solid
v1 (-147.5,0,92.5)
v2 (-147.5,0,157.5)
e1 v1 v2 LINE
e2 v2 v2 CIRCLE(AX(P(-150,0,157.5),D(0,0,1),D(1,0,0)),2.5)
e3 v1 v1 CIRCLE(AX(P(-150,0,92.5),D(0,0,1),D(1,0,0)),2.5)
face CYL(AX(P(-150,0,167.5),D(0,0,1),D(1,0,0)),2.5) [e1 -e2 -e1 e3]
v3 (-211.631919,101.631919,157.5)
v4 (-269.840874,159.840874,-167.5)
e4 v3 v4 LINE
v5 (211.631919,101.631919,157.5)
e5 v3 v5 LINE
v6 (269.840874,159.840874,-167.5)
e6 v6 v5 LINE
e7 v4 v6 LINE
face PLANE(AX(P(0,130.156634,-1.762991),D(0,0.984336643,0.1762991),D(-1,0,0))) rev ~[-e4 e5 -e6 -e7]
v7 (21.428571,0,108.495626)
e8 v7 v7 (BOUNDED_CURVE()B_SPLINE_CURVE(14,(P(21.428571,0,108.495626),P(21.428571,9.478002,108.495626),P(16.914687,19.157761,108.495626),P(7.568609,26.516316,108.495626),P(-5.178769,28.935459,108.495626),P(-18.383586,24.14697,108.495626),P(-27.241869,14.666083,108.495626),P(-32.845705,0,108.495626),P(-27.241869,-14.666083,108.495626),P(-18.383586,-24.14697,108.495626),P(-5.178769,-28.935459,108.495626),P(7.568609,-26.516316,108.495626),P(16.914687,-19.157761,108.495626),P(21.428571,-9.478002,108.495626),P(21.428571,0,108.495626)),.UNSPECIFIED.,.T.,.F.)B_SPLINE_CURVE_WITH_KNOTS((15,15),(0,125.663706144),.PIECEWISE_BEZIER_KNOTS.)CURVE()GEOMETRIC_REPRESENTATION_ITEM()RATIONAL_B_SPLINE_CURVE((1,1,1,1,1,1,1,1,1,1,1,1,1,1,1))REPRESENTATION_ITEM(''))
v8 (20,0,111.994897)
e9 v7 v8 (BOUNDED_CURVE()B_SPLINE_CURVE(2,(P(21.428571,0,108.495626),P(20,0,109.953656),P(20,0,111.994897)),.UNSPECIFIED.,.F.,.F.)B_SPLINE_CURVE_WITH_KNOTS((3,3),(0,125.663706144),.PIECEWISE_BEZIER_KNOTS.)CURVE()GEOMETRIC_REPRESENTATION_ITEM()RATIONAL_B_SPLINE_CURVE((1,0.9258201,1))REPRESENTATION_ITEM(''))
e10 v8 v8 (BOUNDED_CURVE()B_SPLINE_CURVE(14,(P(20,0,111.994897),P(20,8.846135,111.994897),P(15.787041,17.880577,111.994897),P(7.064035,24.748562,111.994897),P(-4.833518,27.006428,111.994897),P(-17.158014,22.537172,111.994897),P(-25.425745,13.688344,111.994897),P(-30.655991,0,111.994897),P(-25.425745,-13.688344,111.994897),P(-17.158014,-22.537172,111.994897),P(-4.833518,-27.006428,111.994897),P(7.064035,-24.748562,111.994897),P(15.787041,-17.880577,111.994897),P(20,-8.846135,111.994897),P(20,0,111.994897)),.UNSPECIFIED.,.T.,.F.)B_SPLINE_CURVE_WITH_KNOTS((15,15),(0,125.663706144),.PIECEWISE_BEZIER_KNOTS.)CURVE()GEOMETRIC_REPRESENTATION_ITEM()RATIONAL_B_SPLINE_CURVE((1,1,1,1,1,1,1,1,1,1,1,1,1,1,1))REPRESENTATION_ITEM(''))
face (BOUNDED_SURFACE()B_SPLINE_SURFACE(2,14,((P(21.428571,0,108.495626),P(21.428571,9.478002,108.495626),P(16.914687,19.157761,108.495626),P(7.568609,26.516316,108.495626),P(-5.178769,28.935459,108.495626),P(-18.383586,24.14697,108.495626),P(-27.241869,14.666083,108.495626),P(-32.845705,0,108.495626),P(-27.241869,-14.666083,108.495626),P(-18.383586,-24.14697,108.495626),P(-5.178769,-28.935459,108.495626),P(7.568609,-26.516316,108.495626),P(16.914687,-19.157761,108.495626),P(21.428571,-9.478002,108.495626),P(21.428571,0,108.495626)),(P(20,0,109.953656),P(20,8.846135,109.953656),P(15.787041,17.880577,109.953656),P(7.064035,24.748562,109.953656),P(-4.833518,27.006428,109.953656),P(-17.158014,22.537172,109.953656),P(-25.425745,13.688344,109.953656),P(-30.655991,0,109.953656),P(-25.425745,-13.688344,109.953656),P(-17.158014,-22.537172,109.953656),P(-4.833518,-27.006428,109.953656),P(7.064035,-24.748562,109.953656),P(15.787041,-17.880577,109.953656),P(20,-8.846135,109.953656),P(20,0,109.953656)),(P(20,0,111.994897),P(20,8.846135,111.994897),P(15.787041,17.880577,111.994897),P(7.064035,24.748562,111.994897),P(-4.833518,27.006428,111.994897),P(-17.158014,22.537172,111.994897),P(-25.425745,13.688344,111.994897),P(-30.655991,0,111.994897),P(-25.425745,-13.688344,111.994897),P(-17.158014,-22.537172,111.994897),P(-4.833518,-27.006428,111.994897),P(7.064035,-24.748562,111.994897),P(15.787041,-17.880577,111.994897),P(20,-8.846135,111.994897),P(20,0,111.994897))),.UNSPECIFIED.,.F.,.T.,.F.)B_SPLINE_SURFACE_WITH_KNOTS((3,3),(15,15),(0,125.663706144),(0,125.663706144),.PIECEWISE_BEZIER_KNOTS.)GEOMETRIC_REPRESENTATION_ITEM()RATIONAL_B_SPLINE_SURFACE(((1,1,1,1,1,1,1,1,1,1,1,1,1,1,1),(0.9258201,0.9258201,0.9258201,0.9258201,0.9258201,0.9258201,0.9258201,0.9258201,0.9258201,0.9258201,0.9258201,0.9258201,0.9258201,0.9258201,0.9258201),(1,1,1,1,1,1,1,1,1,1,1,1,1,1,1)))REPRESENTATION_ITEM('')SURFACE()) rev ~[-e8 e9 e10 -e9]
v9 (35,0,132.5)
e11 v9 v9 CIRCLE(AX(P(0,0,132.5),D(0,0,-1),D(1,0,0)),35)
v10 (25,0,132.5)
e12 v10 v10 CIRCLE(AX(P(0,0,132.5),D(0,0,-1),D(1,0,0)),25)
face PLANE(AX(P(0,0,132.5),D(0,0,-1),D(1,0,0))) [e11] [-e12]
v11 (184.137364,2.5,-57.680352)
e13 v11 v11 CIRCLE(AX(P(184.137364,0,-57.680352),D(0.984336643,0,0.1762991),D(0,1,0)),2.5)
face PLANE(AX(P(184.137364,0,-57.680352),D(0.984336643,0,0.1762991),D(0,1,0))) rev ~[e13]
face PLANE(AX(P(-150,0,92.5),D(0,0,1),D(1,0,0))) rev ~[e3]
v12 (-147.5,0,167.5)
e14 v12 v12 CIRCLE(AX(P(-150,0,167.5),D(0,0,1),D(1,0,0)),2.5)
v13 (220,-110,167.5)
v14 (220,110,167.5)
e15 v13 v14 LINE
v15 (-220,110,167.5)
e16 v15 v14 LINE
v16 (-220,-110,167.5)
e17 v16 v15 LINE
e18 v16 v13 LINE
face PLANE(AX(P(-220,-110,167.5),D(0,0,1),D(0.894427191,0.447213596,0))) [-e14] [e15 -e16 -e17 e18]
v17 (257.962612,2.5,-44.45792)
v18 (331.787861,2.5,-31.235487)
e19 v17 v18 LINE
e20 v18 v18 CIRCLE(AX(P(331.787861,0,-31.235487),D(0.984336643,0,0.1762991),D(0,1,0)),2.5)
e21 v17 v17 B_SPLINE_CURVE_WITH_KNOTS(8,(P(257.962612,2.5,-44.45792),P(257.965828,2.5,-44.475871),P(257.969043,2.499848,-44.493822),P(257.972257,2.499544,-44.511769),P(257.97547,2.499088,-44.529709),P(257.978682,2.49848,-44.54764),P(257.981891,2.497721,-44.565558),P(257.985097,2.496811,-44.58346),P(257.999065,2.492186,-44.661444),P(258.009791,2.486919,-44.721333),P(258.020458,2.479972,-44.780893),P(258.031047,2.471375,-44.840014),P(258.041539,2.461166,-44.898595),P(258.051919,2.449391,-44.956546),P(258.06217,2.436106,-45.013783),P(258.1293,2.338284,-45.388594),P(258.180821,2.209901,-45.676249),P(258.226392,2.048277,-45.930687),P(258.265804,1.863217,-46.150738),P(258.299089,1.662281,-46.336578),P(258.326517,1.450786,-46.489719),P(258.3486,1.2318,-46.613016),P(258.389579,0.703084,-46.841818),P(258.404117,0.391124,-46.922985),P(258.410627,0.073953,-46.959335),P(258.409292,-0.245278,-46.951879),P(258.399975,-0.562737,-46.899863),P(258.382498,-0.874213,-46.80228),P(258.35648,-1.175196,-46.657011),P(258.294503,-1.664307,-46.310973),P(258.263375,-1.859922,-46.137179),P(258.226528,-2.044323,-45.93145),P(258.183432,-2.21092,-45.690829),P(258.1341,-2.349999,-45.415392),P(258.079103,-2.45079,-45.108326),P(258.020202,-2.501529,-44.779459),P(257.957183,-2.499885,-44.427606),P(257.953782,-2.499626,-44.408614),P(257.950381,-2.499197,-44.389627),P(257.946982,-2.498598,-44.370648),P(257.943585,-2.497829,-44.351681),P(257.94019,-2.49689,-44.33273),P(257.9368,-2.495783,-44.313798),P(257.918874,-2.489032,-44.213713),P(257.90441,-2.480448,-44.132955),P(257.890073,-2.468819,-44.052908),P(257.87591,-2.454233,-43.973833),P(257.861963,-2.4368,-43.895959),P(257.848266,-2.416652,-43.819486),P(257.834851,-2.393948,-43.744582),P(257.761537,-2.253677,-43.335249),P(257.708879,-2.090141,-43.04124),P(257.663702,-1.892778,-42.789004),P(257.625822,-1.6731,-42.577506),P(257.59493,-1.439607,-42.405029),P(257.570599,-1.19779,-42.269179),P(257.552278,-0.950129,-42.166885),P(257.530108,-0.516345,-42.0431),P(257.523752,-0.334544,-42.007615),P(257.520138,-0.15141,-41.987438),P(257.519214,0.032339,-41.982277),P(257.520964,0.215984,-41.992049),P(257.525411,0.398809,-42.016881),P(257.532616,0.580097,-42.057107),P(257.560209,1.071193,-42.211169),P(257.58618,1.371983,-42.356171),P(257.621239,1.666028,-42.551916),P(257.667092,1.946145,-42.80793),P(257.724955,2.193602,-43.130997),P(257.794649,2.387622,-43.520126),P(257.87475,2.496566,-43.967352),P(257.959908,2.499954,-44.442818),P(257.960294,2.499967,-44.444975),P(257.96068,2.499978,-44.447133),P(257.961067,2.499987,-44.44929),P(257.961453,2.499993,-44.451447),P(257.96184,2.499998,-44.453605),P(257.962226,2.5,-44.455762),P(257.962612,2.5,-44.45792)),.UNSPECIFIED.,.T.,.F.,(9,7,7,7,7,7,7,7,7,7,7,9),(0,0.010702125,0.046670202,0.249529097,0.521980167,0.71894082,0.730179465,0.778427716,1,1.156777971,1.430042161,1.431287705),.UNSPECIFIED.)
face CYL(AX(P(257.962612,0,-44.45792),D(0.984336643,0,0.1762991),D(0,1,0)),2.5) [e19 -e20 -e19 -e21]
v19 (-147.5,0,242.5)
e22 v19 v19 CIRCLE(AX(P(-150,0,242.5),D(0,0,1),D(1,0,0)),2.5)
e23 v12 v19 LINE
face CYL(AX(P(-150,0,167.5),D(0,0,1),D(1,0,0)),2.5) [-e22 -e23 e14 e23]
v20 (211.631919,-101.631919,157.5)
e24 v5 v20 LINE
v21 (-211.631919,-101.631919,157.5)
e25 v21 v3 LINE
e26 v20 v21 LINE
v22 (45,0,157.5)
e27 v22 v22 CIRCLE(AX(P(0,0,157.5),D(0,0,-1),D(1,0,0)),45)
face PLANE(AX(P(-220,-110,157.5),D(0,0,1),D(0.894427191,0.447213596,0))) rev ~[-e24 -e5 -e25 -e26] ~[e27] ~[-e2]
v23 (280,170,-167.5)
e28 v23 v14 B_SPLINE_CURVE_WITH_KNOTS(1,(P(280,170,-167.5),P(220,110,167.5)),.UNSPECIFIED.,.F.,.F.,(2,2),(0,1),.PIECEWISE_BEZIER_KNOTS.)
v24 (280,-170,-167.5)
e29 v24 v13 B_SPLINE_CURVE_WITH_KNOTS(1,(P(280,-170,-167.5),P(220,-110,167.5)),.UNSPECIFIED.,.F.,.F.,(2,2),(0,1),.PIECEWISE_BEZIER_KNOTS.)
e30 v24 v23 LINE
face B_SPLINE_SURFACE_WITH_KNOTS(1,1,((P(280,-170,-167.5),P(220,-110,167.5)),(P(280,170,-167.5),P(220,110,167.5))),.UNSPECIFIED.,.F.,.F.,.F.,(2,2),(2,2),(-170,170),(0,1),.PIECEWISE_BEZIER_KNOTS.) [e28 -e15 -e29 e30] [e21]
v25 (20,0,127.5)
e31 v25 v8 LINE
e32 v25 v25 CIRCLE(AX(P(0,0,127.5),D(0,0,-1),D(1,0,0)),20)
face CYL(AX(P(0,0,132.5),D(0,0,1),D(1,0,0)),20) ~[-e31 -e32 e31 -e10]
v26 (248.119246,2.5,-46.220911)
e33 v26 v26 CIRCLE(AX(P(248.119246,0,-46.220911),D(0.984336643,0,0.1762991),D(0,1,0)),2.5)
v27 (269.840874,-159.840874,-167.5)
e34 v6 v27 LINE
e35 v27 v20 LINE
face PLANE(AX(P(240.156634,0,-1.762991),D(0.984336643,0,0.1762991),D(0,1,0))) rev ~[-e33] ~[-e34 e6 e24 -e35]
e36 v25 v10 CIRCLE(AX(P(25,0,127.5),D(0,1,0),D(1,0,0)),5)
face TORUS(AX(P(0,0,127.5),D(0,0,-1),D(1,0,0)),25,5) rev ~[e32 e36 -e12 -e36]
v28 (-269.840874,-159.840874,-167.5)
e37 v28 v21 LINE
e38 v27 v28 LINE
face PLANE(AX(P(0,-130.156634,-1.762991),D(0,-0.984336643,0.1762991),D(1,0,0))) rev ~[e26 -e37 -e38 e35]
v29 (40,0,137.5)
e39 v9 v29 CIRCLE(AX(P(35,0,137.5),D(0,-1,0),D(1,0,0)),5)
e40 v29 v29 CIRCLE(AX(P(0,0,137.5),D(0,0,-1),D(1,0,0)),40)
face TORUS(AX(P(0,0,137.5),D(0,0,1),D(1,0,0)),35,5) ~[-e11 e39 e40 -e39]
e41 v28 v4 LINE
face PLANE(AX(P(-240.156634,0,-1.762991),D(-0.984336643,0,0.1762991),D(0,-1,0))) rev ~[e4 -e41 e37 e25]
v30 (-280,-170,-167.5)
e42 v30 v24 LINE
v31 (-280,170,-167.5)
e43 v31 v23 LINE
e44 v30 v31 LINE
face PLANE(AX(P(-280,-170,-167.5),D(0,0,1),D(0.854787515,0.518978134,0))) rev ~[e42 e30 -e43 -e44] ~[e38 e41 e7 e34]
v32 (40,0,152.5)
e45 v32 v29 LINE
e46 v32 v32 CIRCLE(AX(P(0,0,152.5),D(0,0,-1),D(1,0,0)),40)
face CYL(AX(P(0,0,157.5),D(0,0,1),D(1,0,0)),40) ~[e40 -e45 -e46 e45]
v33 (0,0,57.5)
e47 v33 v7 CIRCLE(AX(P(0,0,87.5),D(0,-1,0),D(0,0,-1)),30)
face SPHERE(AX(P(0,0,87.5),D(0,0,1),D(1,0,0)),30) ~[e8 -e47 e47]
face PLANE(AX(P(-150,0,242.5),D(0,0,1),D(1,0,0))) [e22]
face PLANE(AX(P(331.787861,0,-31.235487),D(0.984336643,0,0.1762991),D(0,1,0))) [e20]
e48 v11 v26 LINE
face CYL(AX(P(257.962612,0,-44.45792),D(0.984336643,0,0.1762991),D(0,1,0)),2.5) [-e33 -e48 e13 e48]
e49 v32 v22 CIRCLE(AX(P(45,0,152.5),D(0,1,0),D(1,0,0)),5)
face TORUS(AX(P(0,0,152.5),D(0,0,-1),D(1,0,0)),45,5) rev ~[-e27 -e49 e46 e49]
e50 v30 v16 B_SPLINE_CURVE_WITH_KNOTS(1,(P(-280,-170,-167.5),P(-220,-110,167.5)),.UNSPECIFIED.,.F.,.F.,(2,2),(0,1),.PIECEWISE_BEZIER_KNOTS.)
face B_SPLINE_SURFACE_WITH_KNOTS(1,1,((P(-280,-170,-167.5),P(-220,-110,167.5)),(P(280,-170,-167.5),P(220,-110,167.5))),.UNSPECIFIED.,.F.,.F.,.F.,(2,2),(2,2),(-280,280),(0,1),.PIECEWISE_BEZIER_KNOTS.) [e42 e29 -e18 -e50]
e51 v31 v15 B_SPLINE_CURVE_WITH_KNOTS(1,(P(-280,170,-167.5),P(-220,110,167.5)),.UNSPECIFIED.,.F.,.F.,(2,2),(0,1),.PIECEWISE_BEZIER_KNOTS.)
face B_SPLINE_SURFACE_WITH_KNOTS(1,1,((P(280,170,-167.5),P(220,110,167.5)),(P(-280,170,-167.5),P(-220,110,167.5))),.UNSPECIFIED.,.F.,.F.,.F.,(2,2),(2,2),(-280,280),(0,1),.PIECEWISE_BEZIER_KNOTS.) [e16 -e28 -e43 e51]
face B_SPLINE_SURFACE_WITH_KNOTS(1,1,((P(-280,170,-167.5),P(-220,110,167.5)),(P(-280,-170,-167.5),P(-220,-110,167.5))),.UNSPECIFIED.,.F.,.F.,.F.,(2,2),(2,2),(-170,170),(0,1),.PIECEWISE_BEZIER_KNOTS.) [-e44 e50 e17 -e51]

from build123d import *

# Parameters (mm, degrees)
F3_W      = 560
F3_H      = 340
F2_W      = 440
F2_H      = 220
F5_T      = -10
F8_R      = 40
F9_DEPTH  = 25
F10_R     = 20
F11_DEPTH = 25
F15_R     = 5
F6_R      = 2.5
F16_DEPTH = 75
F7_R      = 2.5
F17_DEPTH = 75


with BuildPart() as f4:
    # F3 (on offset) → F4 section 0
    with BuildSketch(Plane.XY.offset(-167.5)):
        Rectangle(F3_W, F3_H)
    # F2 (on offset) → F4 section 1
    with BuildSketch(Plane.XY.offset(167.5)):
        Rectangle(F2_W, F2_H)
    loft()

    # F5
    f5_openings = [f4.faces().sort_by_distance(p)[0] for p in [
        (0, 0, -167.5),
    ]]
    offset(amount=F5_T, openings=f5_openings)

    # F8 (on face) → F9 (join)
    with BuildSketch(Plane(origin=(0, 0, 157.5), x_dir=(1, 0, 0), z_dir=(0, 0, -1))):
        Circle(F8_R)
    extrude(amount=F9_DEPTH)

    # F10 (on face) → F11 (join)
    with BuildSketch(Plane(origin=(0, 0, 132.5), x_dir=(1, 0, 0), z_dir=(0, 0, -1))):
        Circle(F10_R)
    extrude(amount=F11_DEPTH)

    # F13 (on face) → F14 (revolve)
    with BuildSketch(Plane.XZ):
        with BuildLine():
            Line((0, 117.5), (0, 57.5))
            ThreePointArc((0, 57.5), (30, 87.5), (0, 117.5))
        make_face()
    revolve(axis=Axis((0, 0, 87.5), (0, 0, -1)))

    # F15
    f15_edges = [f4.edges().sort_by_distance(p)[0] for p in [
        (-20, 0, 132.5),
        (-40, 0, 132.5),
        (-20, 0, 109.86068),
        (-40, 0, 157.5),
    ]]
    fillet(f15_edges, radius=F15_R)

    # F6 (on face) → F16 (join, symmetric)
    with BuildSketch(Plane.XY.offset(167.5)):
        with Locations((-150, 0)):
            Circle(F6_R)
    extrude(amount=F16_DEPTH, both=True)

    # F7 (on face) → F17 (join, symmetric)
    with BuildSketch(Plane(origin=(242.2296568098, 0, 43.384416145), x_dir=(0, 1, 0), z_dir=(0.9843366432, 0, 0.1762991003))):
        with Locations((0, -89.2401358232)):
            Circle(F7_R)
    extrude(amount=F17_DEPTH, both=True)


solid = f4.part
